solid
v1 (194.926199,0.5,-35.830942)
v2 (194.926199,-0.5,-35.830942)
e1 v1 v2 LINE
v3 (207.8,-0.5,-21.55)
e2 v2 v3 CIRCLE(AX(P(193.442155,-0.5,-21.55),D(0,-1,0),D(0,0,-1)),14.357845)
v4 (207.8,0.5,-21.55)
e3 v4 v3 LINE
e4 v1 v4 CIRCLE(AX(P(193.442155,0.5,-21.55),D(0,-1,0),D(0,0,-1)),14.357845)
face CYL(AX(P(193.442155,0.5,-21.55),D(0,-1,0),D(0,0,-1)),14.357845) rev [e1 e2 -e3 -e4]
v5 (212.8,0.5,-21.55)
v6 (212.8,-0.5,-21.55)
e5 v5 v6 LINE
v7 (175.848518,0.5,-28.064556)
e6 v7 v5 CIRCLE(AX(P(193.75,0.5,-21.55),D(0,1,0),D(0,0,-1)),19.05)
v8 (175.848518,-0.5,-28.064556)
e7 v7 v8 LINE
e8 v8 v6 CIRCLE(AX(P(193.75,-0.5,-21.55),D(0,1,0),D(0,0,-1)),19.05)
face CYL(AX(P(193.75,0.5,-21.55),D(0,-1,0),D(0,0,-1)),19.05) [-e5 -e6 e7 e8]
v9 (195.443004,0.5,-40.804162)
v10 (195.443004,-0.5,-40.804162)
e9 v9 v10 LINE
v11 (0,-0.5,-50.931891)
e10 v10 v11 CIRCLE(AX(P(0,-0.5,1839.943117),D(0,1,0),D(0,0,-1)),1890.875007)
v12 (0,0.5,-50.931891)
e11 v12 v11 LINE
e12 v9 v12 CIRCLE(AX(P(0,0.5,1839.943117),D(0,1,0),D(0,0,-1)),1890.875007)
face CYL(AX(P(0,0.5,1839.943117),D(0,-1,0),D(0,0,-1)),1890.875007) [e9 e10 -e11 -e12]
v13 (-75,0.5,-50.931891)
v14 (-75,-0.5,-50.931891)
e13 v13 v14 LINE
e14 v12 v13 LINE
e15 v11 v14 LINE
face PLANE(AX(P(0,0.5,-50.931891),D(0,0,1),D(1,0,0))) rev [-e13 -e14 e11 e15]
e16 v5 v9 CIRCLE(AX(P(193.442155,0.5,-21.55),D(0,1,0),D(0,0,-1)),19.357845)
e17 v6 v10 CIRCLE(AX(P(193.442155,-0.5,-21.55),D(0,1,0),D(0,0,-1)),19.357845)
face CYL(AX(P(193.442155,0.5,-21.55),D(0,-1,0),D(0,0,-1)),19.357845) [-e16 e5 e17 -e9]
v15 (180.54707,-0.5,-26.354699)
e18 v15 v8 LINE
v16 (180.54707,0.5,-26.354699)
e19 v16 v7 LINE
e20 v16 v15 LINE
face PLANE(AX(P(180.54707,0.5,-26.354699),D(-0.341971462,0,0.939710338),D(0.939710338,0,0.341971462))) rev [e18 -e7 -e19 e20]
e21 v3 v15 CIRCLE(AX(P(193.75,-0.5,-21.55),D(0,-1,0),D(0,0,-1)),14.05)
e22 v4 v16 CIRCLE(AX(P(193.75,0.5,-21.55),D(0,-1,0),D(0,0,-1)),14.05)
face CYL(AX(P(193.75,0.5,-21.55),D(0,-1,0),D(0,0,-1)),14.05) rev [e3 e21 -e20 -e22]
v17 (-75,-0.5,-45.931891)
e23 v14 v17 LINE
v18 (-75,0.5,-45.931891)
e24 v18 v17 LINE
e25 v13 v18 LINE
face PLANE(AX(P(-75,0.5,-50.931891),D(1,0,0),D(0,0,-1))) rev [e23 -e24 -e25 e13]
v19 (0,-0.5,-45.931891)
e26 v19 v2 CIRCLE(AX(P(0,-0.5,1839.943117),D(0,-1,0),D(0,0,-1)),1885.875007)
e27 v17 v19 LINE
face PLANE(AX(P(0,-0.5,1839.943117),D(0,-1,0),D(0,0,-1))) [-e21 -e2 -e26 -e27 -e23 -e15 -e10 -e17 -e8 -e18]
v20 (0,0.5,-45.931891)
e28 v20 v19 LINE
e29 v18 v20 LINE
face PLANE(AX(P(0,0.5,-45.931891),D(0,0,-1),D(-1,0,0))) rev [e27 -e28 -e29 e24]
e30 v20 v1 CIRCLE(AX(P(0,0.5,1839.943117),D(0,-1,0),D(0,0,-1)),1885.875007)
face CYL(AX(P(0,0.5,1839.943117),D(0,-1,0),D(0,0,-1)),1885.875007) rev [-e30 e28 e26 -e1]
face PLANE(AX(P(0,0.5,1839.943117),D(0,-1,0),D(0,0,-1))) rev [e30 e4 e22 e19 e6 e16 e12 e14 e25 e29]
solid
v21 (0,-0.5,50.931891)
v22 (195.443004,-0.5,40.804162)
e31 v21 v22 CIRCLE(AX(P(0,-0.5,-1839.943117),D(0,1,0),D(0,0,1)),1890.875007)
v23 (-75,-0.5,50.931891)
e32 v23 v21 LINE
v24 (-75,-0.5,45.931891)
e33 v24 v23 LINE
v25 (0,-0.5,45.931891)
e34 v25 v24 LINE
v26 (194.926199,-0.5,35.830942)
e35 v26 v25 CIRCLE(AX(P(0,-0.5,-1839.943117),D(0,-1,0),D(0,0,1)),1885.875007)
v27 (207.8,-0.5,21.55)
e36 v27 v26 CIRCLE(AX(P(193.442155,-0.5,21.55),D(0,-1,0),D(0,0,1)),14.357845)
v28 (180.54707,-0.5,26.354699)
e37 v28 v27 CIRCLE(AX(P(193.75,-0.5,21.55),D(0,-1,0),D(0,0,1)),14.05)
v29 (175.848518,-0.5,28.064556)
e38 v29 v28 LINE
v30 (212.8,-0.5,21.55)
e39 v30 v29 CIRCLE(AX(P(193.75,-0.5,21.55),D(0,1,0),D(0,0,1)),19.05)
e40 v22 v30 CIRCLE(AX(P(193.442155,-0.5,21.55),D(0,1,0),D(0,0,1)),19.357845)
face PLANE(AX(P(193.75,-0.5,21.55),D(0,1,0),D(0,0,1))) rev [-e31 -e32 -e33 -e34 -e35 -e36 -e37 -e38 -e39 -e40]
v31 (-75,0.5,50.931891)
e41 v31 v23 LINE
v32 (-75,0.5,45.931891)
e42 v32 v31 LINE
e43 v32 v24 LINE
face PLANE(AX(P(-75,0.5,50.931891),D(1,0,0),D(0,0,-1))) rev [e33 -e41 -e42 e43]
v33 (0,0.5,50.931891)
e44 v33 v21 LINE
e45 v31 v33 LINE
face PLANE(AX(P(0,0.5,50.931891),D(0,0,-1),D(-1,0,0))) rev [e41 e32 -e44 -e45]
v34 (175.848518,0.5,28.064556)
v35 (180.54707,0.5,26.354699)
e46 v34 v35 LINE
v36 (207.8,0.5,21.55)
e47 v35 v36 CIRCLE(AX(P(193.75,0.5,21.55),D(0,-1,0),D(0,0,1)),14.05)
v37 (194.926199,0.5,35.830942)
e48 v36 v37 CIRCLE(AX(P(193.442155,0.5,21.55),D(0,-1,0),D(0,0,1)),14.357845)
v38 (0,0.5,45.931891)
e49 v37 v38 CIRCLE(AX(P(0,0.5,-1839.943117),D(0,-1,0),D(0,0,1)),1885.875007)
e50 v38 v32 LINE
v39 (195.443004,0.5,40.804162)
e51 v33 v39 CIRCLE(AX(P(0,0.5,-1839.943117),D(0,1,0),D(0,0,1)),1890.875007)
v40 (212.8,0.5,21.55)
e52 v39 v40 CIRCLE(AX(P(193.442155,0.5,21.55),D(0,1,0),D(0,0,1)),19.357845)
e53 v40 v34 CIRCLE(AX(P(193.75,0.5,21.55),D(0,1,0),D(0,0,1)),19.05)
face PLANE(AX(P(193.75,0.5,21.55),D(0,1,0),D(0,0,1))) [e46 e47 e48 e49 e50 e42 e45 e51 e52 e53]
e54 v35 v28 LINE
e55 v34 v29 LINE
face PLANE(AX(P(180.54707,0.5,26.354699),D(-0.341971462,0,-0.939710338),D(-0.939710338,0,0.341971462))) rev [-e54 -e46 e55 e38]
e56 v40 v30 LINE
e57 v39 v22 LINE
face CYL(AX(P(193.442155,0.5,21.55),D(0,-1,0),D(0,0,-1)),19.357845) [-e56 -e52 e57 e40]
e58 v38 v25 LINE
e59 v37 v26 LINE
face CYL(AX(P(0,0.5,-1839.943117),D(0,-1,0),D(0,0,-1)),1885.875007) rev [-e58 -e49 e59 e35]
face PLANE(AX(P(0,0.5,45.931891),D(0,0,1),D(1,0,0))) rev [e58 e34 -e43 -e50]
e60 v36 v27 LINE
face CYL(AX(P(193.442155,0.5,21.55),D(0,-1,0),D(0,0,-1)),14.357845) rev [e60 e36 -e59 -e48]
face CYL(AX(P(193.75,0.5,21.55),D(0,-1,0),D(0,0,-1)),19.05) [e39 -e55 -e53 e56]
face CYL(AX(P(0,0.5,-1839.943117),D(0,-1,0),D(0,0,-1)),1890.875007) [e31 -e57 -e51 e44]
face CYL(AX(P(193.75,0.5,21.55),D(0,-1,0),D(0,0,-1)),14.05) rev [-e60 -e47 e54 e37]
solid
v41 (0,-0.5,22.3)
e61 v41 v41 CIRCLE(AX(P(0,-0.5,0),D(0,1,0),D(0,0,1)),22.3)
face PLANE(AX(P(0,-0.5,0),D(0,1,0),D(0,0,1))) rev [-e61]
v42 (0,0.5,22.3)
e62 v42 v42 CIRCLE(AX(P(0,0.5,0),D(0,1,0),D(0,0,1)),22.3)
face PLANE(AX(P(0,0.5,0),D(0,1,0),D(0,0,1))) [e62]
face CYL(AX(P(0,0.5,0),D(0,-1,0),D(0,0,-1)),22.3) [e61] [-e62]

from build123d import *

# Parameters (mm, degrees)
SKETCH1_R             = 22.3
BOSS_EXTRUDE1_DEPTH   = 0.5
BOSS_EXTRUDE1_2_DEPTH = 0.5
BOSS_EXTRUDE1_3_DEPTH = 0.5


with BuildPart() as part:
    # Sketch1 → Boss-Extrude1 (new, symmetric)
    with BuildSketch(Plane(origin=(0, 0, 0), x_dir=(1, 0, 0), z_dir=(0, 1, 0))):
        with Locations(Location((0, 0, 0), (0, 0, 270))):
            Circle(SKETCH1_R)
    extrude(amount=BOSS_EXTRUDE1_DEPTH, both=True)


with BuildPart() as body_2:
    # Sketch1 → Boss-Extrude1 2 (new, symmetric)
    with BuildSketch(Plane(origin=(0, 0, 0), x_dir=(1, 0, 0), z_dir=(0, 1, 0))):
        with BuildLine():
            Line((0, 50.931890821), (-75, 50.931890821))
            Line((-75, 50.931890821), (-75, 45.931890821))
            Line((-75, 45.931890821), (0, 45.931890821))
            ThreePointArc((0, 45.931890821), (97.59386772, 43.404960787), (194.92619862, 35.830942477))
            ThreePointArc((194.92619862, 35.830942477), (204.106473558, 31.16353317), (207.8, 21.55))
            ThreePointArc((207.8, 21.55), (191.310601503, 7.71338788), (180.547069755, 26.354699048))
            Line((180.547069755, 26.354699048), (175.848518066, 28.06455636))
            ThreePointArc((175.848518066, 28.06455636), (190.442488159, 2.789326627), (212.8, 21.55))
            ThreePointArc((212.8, 21.55), (207.820233688, 34.511366155), (195.443004341, 40.804161942))
            ThreePointArc((195.443004341, 40.804161942), (97.852617285, 48.398261165), (0, 50.931890821))
        make_face()
    extrude(amount=BOSS_EXTRUDE1_2_DEPTH, both=True)


with BuildPart() as body_3:
    # Sketch1 → Boss-Extrude1 3 (new, symmetric)
    with BuildSketch(Plane(origin=(0, 0, 0), x_dir=(1, 0, 0), z_dir=(0, 1, 0))):
        with BuildLine():
            Line((180.547069755, -26.354699048), (175.848518066, -28.06455636))
            ThreePointArc((175.848518066, -28.06455636), (190.442488159, -2.789326627), (212.8, -21.55))
            ThreePointArc((212.8, -21.55), (207.820233688, -34.511366155), (195.443004341, -40.804161942))
            ThreePointArc((195.443004341, -40.804161942), (97.852617285, -48.398261165), (0, -50.931890821))
            Line((0, -50.931890821), (-75, -50.931890821))
            Line((-75, -50.931890821), (-75, -45.931890821))
            Line((-75, -45.931890821), (0, -45.931890821))
            ThreePointArc((0, -45.931890821), (97.59386772, -43.404960787), (194.92619862, -35.830942477))
            ThreePointArc((194.92619862, -35.830942477), (204.106473558, -31.16353317), (207.8, -21.55))
            ThreePointArc((207.8, -21.55), (191.310601503, -7.71338788), (180.547069755, -26.354699048))
        make_face()
    extrude(amount=BOSS_EXTRUDE1_3_DEPTH, both=True)


solid = Compound([part.part, body_2.part, body_3.part])
